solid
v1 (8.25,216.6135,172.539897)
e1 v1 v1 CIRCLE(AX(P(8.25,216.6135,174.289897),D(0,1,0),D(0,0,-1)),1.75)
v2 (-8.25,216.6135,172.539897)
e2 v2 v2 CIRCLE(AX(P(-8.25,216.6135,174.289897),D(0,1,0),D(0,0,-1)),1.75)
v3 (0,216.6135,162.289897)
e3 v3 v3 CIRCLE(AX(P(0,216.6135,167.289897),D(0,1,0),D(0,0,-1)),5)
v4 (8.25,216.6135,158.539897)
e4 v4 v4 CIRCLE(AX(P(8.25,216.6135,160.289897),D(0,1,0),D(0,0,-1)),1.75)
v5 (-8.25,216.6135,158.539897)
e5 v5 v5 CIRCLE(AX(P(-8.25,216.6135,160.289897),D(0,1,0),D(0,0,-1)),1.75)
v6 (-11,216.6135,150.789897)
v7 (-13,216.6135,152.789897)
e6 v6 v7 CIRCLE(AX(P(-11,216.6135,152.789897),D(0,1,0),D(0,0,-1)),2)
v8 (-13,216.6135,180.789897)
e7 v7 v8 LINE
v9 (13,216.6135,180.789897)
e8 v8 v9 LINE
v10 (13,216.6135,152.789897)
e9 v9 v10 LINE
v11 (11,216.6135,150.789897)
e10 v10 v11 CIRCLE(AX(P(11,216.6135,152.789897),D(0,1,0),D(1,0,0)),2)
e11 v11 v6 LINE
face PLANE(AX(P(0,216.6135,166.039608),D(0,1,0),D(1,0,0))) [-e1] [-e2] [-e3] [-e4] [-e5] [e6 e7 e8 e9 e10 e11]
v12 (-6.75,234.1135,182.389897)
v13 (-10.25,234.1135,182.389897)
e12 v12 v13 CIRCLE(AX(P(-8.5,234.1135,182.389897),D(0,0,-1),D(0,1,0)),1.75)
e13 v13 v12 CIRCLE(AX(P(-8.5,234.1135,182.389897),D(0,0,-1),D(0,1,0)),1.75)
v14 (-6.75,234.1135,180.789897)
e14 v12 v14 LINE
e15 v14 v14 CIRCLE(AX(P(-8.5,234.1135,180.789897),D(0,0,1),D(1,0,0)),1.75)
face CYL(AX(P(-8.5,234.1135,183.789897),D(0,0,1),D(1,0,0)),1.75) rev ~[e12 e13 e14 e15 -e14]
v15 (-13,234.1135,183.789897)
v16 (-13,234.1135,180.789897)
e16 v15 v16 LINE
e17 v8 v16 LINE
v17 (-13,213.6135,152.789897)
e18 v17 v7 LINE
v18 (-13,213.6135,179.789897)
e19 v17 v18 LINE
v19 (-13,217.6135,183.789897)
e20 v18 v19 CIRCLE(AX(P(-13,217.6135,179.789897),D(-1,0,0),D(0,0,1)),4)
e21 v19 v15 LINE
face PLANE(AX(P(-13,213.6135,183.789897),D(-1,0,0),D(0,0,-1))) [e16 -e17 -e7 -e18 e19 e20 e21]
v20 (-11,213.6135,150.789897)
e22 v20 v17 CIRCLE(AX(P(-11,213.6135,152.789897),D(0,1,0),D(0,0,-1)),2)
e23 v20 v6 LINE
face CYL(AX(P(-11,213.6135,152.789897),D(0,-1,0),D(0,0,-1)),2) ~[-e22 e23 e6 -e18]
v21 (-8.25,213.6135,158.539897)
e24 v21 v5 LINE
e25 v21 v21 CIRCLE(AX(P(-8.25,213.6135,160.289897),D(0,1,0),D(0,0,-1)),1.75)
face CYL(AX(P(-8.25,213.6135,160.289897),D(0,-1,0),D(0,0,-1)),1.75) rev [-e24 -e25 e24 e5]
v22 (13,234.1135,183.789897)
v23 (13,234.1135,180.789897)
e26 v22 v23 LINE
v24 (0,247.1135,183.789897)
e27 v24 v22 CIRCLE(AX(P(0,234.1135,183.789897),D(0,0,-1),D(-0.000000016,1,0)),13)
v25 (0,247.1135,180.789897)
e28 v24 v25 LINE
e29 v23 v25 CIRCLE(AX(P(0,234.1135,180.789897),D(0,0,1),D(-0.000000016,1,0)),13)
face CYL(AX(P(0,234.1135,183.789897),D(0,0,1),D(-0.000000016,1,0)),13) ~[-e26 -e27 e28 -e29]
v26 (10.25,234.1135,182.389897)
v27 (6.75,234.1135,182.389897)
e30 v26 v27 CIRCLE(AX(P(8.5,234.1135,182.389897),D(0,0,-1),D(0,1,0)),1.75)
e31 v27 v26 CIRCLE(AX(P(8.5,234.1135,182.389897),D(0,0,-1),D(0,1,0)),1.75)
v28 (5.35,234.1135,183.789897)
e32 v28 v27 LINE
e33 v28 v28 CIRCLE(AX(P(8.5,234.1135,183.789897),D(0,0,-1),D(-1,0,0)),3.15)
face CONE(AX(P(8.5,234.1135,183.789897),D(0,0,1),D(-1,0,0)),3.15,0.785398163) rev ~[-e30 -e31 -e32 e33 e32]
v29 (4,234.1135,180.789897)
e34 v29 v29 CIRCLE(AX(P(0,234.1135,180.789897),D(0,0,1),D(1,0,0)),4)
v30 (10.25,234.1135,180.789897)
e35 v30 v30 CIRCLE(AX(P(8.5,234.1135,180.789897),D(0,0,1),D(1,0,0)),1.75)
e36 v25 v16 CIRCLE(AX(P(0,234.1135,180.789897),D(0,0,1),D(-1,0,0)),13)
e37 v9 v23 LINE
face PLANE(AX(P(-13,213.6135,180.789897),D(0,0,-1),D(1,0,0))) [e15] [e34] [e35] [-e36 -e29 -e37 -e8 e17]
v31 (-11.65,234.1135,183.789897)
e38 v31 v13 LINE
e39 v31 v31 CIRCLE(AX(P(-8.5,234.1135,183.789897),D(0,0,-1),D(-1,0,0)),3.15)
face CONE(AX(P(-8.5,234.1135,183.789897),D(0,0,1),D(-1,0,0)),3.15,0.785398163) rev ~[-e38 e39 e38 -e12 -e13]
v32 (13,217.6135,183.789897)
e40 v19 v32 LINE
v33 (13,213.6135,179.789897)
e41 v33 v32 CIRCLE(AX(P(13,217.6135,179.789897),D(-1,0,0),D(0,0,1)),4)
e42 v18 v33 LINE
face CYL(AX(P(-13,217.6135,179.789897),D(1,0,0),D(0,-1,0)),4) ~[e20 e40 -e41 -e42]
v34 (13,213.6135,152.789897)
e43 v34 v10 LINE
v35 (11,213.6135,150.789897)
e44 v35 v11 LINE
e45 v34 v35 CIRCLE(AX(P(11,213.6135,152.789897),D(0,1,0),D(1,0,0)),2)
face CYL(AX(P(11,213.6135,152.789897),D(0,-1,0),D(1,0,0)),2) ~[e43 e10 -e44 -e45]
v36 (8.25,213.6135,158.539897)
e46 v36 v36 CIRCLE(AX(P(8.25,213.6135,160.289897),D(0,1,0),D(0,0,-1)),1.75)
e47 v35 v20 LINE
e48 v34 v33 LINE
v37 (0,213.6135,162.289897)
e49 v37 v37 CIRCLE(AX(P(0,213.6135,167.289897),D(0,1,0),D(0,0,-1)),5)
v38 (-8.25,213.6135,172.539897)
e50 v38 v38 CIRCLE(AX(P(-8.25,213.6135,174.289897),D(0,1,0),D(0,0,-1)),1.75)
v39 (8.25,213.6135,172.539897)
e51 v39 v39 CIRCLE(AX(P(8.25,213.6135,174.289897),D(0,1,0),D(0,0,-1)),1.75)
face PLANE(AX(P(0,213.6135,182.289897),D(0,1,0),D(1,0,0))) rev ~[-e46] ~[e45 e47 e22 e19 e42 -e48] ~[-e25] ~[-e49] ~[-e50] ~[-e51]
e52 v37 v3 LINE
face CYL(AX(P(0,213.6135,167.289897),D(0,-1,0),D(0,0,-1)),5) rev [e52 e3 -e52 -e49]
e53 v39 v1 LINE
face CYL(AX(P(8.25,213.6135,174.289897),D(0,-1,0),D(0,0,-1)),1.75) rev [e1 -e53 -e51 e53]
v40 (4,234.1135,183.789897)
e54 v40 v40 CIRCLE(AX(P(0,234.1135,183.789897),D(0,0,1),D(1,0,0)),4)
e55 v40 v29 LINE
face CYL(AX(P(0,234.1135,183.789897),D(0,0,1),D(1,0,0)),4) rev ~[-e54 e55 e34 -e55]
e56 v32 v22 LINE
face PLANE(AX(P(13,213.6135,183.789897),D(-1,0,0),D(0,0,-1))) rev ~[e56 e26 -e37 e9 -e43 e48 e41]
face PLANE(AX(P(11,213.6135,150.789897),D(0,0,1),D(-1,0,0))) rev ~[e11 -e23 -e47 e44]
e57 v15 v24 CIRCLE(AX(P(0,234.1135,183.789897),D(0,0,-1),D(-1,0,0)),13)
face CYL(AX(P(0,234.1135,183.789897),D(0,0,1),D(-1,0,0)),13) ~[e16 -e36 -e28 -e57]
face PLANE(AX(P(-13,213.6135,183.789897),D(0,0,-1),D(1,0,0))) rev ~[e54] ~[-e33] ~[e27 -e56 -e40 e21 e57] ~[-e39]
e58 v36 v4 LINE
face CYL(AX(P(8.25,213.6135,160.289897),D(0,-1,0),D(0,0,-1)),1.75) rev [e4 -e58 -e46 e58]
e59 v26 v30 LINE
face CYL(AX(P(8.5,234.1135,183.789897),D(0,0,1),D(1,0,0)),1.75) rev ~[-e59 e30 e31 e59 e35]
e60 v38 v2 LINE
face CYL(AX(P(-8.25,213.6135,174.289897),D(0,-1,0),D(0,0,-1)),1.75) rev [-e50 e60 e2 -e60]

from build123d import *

# Parameters (mm, degrees)
SKETCH_2_R                   = 44.45
SKETCH_2_R_2                 = 127
EXTRUDE_1_DEPTH              = 76.2
SKETCH_4_W                   = 660.4
SKETCH_4_H                   = 76.2
EXTRUDE_2_DEPTH              = 850.9
FILLET_2_R                   = 101.6
SKETCH_5_R                   = 44.45
SKETCH_5_R_2                 = 101.6
CUT_EXTRUDE_1_DEPTH          = 850.9
SCALE_1_SCALE                = 0.039370079
HOLE_WIZARD_M6_3_D           = 3.5
HOLE_WIZARD_M6_3_DEPTH       = 16.51
HOLE_WIZARD_M6_3_CSINK_D     = 6.3
HOLE_WIZARD_M6_3_CSINK_ANGLE = 90
HOLE_WIZARD_M6_3_TIP         = 1.051506083


with BuildPart() as part:
    # 草图2 → 凸台-拉伸1 (new body)
    with BuildSketch(Plane(origin=(0, 0, 0), x_dir=(1, 0, 0), z_dir=(0, 1, 0))):
        with BuildLine():
            Line((-330.2, 368.3), (-330.2, -342.9))
            Line((-330.2, -342.9), (330.2, -342.9))
            Line((330.2, -342.9), (330.2, 368.3))
            ThreePointArc((330.2, 368.3), (315.321024484, 404.221024484), (279.4, 419.1))
            Line((279.4, 419.1), (-279.4, 419.1))
            ThreePointArc((-279.4, 419.1), (-315.321024484, 404.221024484), (-330.2, 368.3))
        make_face()
        with Locations(Location((-209.55, -177.8, 0), (0, 0, 90))):
            Circle(SKETCH_2_R, mode=Mode.SUBTRACT)
        with Locations(Location((0, 0, 0), (0, 0, 90))):
            Circle(SKETCH_2_R_2, mode=Mode.SUBTRACT)
        with Locations(Location((209.55, -177.8, 0), (0, 0, 90))):
            Circle(SKETCH_2_R, mode=Mode.SUBTRACT)
        with Locations(Location((-209.55, 177.8, 0), (0, 0, 90))):
            Circle(SKETCH_2_R, mode=Mode.SUBTRACT)
        with Locations(Location((209.55, 177.8, 0), (0, 0, 90))):
            Circle(SKETCH_2_R, mode=Mode.SUBTRACT)
    extrude(amount=EXTRUDE_1_DEPTH)

    # 草图4 → 凸台-拉伸2 (add)
    with BuildSketch(Plane(origin=(0, 0, 0), x_dir=(1, 0, 0), z_dir=(0, 1, 0))):
        with Locations((0, -381)):
            Rectangle(SKETCH_4_W, SKETCH_4_H)
    extrude(amount=EXTRUDE_2_DEPTH)

    # 圆角2
    fillet_2_edges = [part.edges().sort_by_distance(p)[0] for p in [
        (0, 0, 419.1),
    ]]
    fillet(fillet_2_edges, radius=FILLET_2_R)

    # 草图5 → 切除-拉伸1 (cut)
    with BuildSketch(Plane.XY.offset(419.1)):
        with BuildLine():
            ThreePointArc((-330.2, 520.7), (-233.486660985, 754.186657311), (-5.196e-06, 850.9))
            Line((-5.196e-06, 850.9), (-330.2, 850.9))
            Line((-330.2, 850.9), (-330.2, 520.7))
        make_face()
        with BuildLine():
            Line((330.2, 520.7), (330.2, 850.9))
            Line((330.2, 850.9), (-5.196e-06, 850.9))
            ThreePointArc((-5.196e-06, 850.9), (233.486657311, 754.186660985), (330.2, 520.7))
        make_face()
        with Locations((215.9, 520.7)):
            Circle(SKETCH_5_R)
        with Locations((-215.9, 520.7)):
            Circle(SKETCH_5_R)
        with Locations((0, 520.7)):
            Circle(SKETCH_5_R_2)
    extrude(amount=-CUT_EXTRUDE_1_DEPTH, mode=Mode.SUBTRACT)


with BuildPart() as part_1:
    # 缩放比例1: scaled about (0, 222.368151505, 174.146040327)
    add(part.part.scale(SCALE_1_SCALE).moved(Location((0, 213.613499871, 167.289897007))))

    # M6 内六角花形半沉头螺钉的锥形沉头孔3
    with Locations(Plane.XY.offset(183.789897007)):
        with Locations((-8.5, 234.113499871), (8.5, 234.113499871)):
            CounterSinkHole(HOLE_WIZARD_M6_3_D / 2, HOLE_WIZARD_M6_3_CSINK_D / 2, depth=HOLE_WIZARD_M6_3_DEPTH, counter_sink_angle=HOLE_WIZARD_M6_3_CSINK_ANGLE)
            with Locations((0, 0, -(HOLE_WIZARD_M6_3_DEPTH + HOLE_WIZARD_M6_3_TIP / 2))):  # 118° drill point
                Cone(0, HOLE_WIZARD_M6_3_D / 2, HOLE_WIZARD_M6_3_TIP, mode=Mode.SUBTRACT)


solid = part_1.part
